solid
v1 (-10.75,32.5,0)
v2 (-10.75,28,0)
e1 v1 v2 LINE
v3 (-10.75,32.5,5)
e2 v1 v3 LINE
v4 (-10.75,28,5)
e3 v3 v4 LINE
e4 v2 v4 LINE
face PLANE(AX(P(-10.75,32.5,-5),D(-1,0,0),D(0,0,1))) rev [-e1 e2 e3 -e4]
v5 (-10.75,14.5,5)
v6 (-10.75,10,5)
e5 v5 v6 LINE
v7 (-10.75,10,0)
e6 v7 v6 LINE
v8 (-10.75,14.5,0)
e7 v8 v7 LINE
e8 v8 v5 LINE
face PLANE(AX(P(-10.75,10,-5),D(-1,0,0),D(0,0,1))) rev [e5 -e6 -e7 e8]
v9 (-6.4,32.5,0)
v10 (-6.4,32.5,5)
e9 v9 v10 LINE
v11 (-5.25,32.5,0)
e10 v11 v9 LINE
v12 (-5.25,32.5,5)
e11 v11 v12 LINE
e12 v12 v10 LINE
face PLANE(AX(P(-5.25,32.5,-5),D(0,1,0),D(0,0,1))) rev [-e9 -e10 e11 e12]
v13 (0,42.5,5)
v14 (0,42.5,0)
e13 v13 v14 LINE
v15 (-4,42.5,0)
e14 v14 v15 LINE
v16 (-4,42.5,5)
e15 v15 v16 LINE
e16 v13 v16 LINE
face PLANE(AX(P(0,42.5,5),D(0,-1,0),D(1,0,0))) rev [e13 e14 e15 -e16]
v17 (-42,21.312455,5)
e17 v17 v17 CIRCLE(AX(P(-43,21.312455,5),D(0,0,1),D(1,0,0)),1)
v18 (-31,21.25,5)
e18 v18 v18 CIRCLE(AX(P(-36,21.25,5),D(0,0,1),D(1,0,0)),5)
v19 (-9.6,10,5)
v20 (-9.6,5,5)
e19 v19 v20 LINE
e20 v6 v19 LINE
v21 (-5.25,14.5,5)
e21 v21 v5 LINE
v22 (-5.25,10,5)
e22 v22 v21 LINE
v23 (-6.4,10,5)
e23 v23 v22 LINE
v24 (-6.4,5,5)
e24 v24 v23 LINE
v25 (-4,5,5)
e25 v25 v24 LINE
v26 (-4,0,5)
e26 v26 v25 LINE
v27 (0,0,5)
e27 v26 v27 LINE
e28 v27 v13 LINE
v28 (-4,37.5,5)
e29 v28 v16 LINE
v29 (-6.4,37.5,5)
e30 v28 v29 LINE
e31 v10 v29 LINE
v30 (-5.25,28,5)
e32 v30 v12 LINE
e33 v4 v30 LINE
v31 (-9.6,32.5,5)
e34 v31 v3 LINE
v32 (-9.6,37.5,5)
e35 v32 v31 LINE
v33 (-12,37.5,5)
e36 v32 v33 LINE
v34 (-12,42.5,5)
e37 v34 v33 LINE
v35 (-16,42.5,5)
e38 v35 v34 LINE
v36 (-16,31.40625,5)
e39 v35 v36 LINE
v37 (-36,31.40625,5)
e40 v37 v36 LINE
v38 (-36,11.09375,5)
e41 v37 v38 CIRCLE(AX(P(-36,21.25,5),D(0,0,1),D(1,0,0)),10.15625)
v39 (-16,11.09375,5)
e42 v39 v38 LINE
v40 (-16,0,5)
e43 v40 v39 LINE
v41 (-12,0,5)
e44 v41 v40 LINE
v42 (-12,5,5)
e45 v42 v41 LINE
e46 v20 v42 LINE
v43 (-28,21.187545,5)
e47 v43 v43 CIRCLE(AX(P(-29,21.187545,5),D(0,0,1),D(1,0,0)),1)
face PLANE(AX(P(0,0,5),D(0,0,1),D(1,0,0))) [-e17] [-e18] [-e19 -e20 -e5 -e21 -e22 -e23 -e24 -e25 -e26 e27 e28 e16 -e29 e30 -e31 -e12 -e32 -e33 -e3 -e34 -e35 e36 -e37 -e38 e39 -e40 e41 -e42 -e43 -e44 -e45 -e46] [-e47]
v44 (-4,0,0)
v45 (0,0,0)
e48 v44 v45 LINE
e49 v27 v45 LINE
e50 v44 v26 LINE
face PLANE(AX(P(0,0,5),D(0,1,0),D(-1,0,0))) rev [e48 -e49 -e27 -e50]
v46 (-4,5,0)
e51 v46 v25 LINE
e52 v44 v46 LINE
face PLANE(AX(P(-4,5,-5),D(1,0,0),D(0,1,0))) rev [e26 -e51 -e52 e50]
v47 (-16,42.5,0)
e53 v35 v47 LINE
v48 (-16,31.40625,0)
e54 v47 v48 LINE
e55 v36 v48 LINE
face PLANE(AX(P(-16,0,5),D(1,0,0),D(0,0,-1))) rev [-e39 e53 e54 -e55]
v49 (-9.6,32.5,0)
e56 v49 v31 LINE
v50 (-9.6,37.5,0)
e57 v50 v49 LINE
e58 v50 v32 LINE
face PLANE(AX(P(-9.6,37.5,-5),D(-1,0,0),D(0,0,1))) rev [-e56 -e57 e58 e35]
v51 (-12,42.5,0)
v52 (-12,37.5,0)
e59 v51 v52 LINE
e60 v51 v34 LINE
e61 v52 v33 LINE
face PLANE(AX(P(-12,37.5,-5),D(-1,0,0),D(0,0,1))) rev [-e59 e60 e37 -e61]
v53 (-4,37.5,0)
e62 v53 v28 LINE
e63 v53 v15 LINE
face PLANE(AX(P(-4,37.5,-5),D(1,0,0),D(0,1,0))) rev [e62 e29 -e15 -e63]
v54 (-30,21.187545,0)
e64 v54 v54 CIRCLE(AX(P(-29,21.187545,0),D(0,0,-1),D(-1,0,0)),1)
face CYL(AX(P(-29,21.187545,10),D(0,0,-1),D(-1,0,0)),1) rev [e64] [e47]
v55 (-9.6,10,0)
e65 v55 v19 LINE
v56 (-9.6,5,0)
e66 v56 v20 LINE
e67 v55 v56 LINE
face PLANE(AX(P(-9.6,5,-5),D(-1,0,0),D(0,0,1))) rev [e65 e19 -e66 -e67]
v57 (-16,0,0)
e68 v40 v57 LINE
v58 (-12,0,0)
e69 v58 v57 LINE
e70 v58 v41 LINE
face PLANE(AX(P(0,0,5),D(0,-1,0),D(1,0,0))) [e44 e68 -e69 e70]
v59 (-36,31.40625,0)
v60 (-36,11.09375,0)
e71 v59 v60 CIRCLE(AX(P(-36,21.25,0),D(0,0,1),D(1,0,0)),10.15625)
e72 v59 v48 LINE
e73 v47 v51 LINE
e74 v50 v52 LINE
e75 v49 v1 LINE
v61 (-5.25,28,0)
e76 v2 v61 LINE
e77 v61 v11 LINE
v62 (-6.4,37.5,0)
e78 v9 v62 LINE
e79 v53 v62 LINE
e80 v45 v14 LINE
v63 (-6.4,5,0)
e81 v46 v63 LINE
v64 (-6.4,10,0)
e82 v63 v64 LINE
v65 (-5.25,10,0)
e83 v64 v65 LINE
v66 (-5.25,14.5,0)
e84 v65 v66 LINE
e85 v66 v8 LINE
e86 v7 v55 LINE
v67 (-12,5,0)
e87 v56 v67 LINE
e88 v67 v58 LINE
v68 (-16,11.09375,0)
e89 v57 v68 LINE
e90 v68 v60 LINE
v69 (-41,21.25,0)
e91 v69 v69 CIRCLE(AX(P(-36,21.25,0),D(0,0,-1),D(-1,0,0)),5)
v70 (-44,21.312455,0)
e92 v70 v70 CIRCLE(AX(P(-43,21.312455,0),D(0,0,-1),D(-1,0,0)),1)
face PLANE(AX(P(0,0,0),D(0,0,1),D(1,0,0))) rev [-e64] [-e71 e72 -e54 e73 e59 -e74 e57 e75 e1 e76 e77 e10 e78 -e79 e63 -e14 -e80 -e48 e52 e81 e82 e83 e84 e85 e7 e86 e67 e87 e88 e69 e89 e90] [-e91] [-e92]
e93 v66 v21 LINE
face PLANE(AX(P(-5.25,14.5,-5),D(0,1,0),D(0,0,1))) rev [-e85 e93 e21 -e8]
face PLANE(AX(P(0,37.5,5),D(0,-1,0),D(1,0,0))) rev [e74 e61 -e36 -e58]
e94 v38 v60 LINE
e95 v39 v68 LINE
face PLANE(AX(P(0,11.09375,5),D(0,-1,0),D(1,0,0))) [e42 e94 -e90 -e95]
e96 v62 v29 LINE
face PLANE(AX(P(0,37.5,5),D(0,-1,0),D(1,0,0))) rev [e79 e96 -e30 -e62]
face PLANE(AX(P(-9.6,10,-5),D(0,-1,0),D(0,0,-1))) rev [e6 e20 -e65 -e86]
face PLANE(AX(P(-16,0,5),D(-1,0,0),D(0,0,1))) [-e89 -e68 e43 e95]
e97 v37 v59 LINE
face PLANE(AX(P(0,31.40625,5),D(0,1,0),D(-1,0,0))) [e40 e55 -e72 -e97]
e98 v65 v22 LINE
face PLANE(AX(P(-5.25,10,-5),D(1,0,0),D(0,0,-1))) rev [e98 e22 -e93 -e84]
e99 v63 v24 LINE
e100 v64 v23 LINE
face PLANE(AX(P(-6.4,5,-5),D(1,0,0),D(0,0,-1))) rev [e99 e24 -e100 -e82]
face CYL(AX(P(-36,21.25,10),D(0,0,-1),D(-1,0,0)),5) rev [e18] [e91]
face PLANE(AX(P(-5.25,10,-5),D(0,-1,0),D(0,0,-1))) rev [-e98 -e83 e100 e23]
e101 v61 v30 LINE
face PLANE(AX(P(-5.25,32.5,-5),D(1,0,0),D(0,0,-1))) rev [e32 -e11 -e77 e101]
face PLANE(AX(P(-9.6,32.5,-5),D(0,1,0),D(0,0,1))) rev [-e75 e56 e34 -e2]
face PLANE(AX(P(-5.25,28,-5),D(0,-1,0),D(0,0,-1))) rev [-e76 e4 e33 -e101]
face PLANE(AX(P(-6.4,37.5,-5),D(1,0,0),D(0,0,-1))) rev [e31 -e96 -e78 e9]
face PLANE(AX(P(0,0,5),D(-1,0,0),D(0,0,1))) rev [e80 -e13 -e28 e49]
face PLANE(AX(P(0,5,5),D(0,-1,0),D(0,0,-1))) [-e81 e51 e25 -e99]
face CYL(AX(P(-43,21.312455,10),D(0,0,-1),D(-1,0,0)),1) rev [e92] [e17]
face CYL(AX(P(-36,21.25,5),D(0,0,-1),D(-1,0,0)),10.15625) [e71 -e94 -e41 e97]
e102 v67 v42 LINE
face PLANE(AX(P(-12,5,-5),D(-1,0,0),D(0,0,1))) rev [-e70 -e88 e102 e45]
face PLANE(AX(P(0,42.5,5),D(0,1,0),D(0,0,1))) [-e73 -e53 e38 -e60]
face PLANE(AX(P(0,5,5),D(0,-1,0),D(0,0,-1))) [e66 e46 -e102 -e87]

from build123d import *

# Parameters (mm, degrees)
BOSS_EXTRUDE1_DEPTH = 5
SKETCH2_R           = 5
SKETCH2_R_2         = 1
CUT_EXTRUDE1_DEPTH  = 10
SKETCH3_R           = 1
SKETCH3_R_2         = 1.440461169
BOSS_EXTRUDE2_DEPTH = 5
CUT_EXTRUDE2_DEPTH  = 10
SKETCH5_W           = 1
SKETCH5_H           = 5
CUT_EXTRUDE3_DEPTH  = 10


with BuildPart() as part:
    # Sketch1 → Boss-Extrude1 (new body)
    with BuildSketch(Plane.XY):
        with BuildLine():
            Line((-16, 31.40625), (-36, 31.40625))
            ThreePointArc((-36, 31.40625), (-46.15625, 21.25), (-36, 11.09375))
            Line((-36, 11.09375), (-16, 11.09375))
            Line((-16, 11.09375), (-16, 5))
            Line((-16, 5), (-16, 0))
            Line((-16, 0), (-11.25390625, 0))
            Line((-11.25390625, 0), (-11, 0))
            Line((-11, 0), (-11, 0.25390625))
            Line((-11, 0.25390625), (-11, 4.82421875))
            Line((-11, 4.82421875), (-11, 5))
            Line((-11, 5), (-10.74609375, 5))
            Line((-10.74609375, 5), (-8.20703125, 5))
            Line((-8.20703125, 5), (-5, 5))
            Line((-5, 5), (-5, 0))
            Line((-5, 0), (0, 0))
            Line((0, 0), (0, 42.5))
            Line((0, 42.5), (-5, 42.5))
            Line((-5, 42.5), (-5, 37.5))
            Line((-5, 37.5), (-8.20703125, 37.5))
            Line((-8.20703125, 37.5), (-10.74609375, 37.5))
            Line((-10.74609375, 37.5), (-11, 37.5))
            Line((-11, 37.5), (-11, 37.67578125))
            Line((-11, 37.67578125), (-11, 42.24609375))
            Line((-11, 42.24609375), (-11, 42.5))
            Line((-11, 42.5), (-11.25390625, 42.5))
            Line((-11.25390625, 42.5), (-16, 42.5))
            Line((-16, 42.5), (-16, 37.5))
            Line((-16, 37.5), (-16, 31.40625))
        make_face()
    extrude(amount=BOSS_EXTRUDE1_DEPTH)

    # Sketch2 → Cut-Extrude1 (cut)
    with BuildSketch(Plane(origin=(0, 0, 0), x_dir=(-1, 0, 0), z_dir=(0, 0, -1))):
        with Locations((36, 21.25)):
            Circle(SKETCH2_R)
        with Locations((43, 21.312454575)):
            Circle(SKETCH2_R_2)
        with Locations((36.062454575, 14.25)):
            Circle(SKETCH2_R_2)
        with Locations((29, 21.187545425)):
            Circle(SKETCH2_R_2)
        with Locations((35.937545425, 28.25)):
            Circle(SKETCH2_R_2)
    extrude(amount=-CUT_EXTRUDE1_DEPTH, mode=Mode.SUBTRACT)

    # Sketch3 → Boss-Extrude2 (add)
    with BuildSketch(Plane(origin=(0, 0, 0), x_dir=(-1, 0, 0), z_dir=(0, 0, -1))):
        with Locations((35.937545425, 28.25)):
            Circle(SKETCH3_R)
        with Locations((36.062454575, 14.25)):
            Circle(SKETCH3_R_2)
    extrude(amount=-BOSS_EXTRUDE2_DEPTH)

    # Sketch4 → Cut-Extrude2 (cut)
    with BuildSketch(Plane.XY.offset(5)):
        Polygon((-9.6, 5), (-6.4, 5), (-6.4, 10), (-5.25, 10), (-5.25, 14.5), (-10.75, 14.5), (-10.75, 10), (-9.6, 10), align=None)
        Polygon((-10.75, 32.5), (-10.75, 28), (-5.25, 28), (-5.25, 32.5), (-6.4, 32.5), (-6.4, 37.5), (-9.6, 37.5), (-9.6, 32.5), align=None)
    extrude(amount=-CUT_EXTRUDE2_DEPTH, mode=Mode.SUBTRACT)

    # Sketch5 → Cut-Extrude3 (cut)
    with BuildSketch(Plane.XY.offset(5)):
        with Locations((-4.5, 2.5)):
            Rectangle(SKETCH5_W, SKETCH5_H)
        with Locations((-11.5, 2.5)):
            Rectangle(SKETCH5_W, SKETCH5_H)
        with Locations((-11.5, 40)):
            Rectangle(SKETCH5_W, SKETCH5_H)
        with Locations((-4.5, 40)):
            Rectangle(SKETCH5_W, SKETCH5_H)
    extrude(amount=-CUT_EXTRUDE3_DEPTH, mode=Mode.SUBTRACT)


solid = part.part
